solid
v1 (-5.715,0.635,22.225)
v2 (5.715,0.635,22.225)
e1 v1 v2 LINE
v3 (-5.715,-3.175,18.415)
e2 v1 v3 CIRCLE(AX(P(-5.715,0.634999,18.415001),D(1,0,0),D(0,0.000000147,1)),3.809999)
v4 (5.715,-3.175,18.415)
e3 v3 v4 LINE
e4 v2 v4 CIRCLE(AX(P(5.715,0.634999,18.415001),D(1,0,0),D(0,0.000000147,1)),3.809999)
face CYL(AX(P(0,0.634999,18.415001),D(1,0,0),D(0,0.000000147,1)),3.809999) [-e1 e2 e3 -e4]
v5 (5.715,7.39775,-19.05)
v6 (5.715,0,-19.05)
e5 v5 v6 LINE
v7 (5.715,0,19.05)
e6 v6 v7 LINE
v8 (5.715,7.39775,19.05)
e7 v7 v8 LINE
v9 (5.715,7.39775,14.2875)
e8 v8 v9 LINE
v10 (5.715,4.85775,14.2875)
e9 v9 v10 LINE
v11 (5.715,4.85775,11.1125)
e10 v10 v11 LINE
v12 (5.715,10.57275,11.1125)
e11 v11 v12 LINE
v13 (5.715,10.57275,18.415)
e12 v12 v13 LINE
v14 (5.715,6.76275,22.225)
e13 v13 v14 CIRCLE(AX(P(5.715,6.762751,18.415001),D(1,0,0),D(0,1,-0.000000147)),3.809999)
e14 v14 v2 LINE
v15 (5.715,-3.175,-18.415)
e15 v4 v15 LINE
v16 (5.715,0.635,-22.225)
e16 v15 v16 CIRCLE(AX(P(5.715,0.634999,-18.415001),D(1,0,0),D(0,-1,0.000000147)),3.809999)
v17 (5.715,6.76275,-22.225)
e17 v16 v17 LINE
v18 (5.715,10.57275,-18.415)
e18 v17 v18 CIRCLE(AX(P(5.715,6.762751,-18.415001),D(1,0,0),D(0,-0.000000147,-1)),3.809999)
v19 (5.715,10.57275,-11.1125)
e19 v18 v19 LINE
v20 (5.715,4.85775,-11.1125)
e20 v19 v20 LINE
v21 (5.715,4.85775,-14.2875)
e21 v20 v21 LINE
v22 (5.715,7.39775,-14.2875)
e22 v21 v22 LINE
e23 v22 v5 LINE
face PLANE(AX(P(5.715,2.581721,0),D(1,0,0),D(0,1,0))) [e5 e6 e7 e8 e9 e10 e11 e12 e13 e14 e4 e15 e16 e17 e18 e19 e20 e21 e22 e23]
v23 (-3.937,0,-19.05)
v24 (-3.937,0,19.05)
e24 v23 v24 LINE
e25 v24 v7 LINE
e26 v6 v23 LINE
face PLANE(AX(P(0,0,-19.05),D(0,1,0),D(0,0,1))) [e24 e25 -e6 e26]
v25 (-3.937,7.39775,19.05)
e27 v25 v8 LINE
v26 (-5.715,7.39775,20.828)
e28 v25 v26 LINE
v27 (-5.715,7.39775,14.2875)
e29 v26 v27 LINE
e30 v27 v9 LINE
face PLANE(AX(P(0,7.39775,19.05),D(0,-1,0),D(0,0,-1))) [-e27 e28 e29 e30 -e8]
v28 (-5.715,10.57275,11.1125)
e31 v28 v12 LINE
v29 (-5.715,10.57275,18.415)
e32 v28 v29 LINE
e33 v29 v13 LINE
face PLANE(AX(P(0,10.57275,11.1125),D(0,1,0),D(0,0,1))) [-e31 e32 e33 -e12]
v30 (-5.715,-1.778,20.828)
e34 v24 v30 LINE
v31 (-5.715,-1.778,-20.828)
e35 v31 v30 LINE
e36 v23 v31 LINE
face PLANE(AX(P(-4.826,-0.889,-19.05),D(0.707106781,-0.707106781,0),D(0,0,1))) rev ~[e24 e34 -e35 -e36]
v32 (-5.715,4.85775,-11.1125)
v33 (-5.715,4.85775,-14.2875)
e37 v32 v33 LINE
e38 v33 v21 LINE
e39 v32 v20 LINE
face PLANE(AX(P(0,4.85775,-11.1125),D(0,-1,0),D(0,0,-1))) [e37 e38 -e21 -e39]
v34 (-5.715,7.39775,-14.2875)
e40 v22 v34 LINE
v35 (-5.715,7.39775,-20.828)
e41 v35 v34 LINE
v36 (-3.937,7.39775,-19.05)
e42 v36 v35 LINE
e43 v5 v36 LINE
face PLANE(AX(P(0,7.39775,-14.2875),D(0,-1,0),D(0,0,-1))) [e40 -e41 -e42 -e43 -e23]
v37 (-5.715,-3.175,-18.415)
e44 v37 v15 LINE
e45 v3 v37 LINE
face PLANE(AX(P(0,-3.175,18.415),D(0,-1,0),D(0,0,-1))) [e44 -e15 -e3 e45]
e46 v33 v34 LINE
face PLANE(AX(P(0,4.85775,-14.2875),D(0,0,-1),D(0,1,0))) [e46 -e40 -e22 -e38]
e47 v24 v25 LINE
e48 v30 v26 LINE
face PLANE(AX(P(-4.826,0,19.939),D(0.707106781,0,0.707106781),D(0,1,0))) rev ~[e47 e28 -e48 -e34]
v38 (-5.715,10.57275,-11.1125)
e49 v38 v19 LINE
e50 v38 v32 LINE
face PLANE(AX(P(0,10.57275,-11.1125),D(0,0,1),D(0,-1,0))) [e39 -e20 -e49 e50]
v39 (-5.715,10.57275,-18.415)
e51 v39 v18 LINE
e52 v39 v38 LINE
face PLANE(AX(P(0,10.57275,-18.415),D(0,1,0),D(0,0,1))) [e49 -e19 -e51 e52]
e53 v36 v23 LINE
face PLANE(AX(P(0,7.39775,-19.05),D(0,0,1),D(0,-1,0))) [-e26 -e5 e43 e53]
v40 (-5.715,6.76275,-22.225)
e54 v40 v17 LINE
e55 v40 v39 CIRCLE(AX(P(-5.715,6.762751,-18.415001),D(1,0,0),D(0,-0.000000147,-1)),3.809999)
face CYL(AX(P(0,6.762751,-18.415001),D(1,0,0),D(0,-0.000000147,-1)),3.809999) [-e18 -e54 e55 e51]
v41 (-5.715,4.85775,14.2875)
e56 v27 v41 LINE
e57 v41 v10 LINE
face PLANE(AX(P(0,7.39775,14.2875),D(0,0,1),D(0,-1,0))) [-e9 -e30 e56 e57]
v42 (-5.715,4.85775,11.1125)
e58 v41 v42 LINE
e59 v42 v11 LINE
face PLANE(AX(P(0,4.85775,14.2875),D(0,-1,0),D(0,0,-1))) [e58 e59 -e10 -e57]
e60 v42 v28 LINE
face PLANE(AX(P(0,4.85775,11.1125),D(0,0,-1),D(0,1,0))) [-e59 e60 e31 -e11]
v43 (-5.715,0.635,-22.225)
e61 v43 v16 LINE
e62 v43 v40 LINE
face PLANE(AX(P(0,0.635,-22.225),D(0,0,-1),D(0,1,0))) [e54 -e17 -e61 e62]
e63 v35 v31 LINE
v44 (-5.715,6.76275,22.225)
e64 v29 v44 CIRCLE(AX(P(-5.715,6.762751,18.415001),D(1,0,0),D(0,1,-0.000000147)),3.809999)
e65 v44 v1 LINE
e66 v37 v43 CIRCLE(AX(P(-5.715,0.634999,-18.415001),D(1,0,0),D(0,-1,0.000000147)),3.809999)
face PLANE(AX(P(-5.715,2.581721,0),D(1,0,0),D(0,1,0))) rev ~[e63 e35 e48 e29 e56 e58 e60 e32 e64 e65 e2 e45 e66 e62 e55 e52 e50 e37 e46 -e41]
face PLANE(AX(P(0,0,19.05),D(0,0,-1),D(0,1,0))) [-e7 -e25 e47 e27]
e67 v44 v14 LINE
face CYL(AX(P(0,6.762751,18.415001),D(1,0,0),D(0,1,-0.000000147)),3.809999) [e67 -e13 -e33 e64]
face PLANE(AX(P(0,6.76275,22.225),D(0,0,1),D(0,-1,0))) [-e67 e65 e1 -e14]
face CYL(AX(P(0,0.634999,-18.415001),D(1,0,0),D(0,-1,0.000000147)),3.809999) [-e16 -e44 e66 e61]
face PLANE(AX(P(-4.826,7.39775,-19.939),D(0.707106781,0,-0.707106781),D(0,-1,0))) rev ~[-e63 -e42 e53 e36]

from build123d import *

# Parameters (mm, degrees)
F1_DEPTH = 5.715
F2_SIZE  = 1.778


with BuildPart() as f1:
    # F0 (on Right) → F1 (new body, symmetric)
    with BuildSketch(Plane.YZ):
        with BuildLine():
            Line((0, -19.05), (0, 0))
            Line((0, 0), (0, 19.05))
            Line((0, 19.05), (7.39775, 19.05))
            Line((7.39775, 19.05), (7.39775, 14.2875))
            Line((7.39775, 14.2875), (4.85775, 14.2875))
            Line((4.85775, 14.2875), (4.85775, 11.1125))
            Line((4.85775, 11.1125), (10.57275, 11.1125))
            Line((10.57275, 11.1125), (10.57275, 18.415))
            ThreePointArc((10.57275, 18.415), (9.456827, 21.109077), (6.76275, 22.225))
            Line((6.76275, 22.225), (0.635, 22.225))
            ThreePointArc((0.635, 22.225), (-2.059077, 21.109077), (-3.175, 18.415))
            Line((-3.175, 18.415), (-3.175, 0))
            Line((-3.175, 0), (-3.175, -18.415))
            ThreePointArc((-3.175, -18.415), (-2.059077, -21.109077), (0.635, -22.225))
            Line((0.635, -22.225), (6.76275, -22.225))
            ThreePointArc((6.76275, -22.225), (9.456827, -21.109077), (10.57275, -18.415))
            Line((10.57275, -18.415), (10.57275, -11.1125))
            Line((10.57275, -11.1125), (4.85775, -11.1125))
            Line((4.85775, -11.1125), (4.85775, -14.2875))
            Line((4.85775, -14.2875), (7.39775, -14.2875))
            Line((7.39775, -14.2875), (7.39775, -19.05))
            Line((7.39775, -19.05), (0, -19.05))
        make_face()
    extrude(amount=F1_DEPTH, both=True)

    # F2
    f2_edges = [f1.edges().sort_by_distance(p)[0] for p in [
        (-5.715, 3.698875, -19.05),
        (-5.715, 0, 0),
        (-5.715, 3.698875, 19.05),
    ]]
    chamfer(f2_edges, length=F2_SIZE)


solid = f1.part
